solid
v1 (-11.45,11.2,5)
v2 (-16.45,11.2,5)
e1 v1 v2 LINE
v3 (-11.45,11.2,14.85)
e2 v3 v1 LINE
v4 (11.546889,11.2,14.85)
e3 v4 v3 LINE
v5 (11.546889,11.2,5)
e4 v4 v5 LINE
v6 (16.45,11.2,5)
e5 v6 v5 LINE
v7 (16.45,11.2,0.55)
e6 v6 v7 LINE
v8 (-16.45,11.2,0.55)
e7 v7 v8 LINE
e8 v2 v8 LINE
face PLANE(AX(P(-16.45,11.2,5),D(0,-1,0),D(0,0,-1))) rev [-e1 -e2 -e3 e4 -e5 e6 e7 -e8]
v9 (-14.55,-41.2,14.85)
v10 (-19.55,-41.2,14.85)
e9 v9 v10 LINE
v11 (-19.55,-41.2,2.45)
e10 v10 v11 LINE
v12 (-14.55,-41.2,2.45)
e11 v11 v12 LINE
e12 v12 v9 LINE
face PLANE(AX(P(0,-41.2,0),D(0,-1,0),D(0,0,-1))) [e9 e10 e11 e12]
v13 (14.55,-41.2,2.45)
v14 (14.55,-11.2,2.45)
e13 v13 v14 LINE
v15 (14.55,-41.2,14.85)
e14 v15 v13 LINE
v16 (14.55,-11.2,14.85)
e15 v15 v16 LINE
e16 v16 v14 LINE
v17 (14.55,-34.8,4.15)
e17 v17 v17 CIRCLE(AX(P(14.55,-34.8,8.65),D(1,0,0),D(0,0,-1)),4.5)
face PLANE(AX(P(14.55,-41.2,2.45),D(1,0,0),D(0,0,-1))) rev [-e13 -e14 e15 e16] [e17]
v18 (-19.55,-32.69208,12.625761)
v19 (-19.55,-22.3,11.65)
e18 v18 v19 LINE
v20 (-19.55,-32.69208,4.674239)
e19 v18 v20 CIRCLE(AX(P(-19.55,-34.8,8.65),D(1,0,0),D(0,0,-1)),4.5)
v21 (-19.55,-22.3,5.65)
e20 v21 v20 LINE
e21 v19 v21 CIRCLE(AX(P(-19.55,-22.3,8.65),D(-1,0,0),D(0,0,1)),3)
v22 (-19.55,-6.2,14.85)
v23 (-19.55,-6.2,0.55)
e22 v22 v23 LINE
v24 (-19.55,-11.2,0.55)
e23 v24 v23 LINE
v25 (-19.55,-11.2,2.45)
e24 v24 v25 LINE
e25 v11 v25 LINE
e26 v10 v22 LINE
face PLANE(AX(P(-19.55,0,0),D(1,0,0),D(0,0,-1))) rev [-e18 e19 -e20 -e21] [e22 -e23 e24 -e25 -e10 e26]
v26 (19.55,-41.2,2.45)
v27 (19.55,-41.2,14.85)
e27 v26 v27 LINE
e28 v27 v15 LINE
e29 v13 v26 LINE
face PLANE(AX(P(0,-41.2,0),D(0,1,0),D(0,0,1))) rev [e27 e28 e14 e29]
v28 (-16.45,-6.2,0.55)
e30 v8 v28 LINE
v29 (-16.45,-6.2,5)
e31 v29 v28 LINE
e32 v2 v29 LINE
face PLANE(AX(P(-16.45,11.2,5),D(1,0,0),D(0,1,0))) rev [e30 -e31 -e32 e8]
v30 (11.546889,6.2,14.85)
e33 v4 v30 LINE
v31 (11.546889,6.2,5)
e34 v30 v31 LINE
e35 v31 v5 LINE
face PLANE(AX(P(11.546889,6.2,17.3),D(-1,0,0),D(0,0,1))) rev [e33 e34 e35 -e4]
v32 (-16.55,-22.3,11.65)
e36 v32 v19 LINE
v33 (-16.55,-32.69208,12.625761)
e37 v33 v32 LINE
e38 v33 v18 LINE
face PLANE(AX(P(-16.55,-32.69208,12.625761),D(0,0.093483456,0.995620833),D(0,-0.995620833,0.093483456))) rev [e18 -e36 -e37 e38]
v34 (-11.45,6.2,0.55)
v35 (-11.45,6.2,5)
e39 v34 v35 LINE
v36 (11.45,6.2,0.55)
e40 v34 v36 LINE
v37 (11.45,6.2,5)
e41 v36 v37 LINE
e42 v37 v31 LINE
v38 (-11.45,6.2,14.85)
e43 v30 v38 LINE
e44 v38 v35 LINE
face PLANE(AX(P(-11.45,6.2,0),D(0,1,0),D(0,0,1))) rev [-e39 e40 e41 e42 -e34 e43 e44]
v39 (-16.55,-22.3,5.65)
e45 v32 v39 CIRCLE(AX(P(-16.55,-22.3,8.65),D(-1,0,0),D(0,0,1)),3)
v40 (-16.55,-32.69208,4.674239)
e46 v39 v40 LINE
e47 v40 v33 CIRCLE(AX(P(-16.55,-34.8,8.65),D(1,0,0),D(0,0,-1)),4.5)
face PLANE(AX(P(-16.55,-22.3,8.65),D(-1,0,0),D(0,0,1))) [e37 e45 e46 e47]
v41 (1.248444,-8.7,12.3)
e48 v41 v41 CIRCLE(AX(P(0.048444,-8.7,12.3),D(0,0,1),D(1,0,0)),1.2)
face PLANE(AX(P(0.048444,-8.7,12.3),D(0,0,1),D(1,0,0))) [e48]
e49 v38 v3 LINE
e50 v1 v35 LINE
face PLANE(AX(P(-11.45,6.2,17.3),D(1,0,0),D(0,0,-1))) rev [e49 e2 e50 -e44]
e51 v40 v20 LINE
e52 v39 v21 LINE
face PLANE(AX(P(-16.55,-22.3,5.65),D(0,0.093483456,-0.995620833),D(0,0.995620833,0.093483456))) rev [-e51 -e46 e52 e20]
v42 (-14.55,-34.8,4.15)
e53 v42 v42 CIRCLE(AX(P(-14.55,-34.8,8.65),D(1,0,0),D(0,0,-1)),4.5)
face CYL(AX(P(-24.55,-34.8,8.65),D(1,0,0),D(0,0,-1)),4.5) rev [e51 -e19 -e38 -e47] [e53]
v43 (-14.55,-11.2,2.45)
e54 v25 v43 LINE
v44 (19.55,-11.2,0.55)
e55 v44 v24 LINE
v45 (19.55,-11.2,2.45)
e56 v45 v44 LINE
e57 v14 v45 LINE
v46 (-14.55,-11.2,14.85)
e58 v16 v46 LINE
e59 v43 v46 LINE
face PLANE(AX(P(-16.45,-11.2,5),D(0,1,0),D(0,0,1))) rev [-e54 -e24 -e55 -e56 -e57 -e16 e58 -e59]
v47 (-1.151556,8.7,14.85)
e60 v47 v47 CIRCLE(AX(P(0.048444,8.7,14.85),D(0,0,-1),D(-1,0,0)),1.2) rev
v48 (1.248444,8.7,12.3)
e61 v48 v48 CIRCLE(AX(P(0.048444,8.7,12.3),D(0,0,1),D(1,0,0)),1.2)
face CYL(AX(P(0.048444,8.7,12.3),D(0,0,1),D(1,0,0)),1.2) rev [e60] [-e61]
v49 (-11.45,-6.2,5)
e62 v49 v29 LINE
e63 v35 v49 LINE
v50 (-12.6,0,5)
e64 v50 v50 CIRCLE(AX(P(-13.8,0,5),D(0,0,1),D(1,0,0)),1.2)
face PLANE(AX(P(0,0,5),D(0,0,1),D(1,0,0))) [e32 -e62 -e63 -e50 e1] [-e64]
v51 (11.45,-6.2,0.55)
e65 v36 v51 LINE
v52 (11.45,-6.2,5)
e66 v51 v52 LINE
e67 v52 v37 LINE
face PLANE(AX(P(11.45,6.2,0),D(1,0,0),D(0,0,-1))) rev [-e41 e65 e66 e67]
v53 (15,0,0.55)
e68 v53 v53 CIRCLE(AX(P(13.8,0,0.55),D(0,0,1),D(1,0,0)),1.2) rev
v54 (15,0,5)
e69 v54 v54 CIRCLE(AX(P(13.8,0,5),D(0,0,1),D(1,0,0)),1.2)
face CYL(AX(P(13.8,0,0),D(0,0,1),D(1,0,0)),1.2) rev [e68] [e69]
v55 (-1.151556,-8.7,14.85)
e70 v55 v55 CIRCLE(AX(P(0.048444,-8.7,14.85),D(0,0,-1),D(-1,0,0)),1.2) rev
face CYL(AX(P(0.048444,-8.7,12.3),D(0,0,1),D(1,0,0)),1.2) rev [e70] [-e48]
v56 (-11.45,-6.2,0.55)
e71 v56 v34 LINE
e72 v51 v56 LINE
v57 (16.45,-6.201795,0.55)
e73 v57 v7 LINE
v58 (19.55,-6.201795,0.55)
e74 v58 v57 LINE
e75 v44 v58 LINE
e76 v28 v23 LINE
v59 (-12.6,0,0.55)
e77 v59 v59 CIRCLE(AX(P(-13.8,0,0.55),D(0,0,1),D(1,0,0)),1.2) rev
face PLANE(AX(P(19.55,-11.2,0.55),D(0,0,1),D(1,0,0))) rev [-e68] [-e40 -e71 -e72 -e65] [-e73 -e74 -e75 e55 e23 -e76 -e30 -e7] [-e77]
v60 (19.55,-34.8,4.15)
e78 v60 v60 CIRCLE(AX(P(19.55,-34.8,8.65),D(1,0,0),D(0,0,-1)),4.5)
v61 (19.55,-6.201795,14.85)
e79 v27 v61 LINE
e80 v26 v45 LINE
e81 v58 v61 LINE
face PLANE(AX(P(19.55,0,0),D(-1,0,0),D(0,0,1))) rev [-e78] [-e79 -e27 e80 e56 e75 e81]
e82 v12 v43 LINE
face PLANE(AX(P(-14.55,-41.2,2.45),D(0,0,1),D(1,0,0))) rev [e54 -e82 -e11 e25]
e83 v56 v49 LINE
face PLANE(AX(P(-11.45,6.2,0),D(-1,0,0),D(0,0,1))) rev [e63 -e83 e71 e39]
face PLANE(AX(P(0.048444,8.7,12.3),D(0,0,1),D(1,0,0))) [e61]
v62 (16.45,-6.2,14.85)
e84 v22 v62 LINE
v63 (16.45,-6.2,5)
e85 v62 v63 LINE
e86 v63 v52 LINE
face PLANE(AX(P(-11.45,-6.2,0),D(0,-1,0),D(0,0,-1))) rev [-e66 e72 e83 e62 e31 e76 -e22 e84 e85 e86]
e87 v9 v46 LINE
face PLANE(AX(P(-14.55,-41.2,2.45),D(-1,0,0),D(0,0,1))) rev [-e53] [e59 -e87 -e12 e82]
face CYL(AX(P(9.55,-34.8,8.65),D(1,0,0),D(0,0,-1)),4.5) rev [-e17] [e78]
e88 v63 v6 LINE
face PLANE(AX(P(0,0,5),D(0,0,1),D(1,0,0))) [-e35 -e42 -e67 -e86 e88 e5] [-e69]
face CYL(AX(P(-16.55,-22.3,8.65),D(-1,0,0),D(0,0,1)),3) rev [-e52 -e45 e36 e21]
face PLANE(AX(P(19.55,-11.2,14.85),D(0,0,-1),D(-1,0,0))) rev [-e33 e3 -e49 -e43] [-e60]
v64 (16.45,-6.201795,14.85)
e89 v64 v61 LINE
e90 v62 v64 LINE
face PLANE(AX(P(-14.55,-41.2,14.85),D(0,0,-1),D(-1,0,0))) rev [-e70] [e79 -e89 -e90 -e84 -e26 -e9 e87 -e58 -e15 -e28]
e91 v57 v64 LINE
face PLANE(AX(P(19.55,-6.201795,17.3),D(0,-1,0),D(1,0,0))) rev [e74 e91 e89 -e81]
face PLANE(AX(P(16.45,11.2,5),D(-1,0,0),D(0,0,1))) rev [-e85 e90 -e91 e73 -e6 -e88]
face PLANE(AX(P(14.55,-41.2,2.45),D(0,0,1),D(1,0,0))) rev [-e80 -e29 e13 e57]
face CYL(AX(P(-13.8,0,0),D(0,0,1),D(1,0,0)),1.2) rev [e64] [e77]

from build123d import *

# Parameters (mm, degrees)
SKETCH1_W           = 32.9
SKETCH1_H           = 22.4
BOSS_EXTRUDE1_DEPTH = 5
SKETCH2_R           = 1.2
SKETCH2_W           = 22.9
SKETCH2_H           = 12.4
CUT_EXTRUDE2_DEPTH  = 5
SKETCH3_W           = 22.996888994
SKETCH3_H           = 5
BOSS_EXTRUDE2_DEPTH = 12.3
SKETCH4_R           = 1.2
CUT_EXTRUDE3_DEPTH  = 5
SKETCH6_W           = 5
SKETCH6_H           = 5
SKETCH6_W_2         = 4.903111006
BOSS_EXTRUDE3_DEPTH = 12.3
SKETCH8_W           = 17.3
SKETCH8_H           = 4.998204887
BOSS_EXTRUDE4_DEPTH = 3.1
SKETCH9_W           = 17.3
SKETCH9_H           = 5
BOSS_EXTRUDE5_DEPTH = 3.1
SKETCH18_W          = 5
SKETCH18_H          = 12.4
BOSS_EXTRUDE7_DEPTH = 30
SKETCH19_R          = 4.5
CUT_EXTRUDE6_DEPTH  = 30
SKETCH20_R          = 4.5
CUT_EXTRUDE7_DEPTH  = 30
SKETCH10_W          = 5
SKETCH10_H          = 12.4
BOSS_EXTRUDE6_DEPTH = 30
SKETCH21_R          = 4.5
CUT_EXTRUDE8_DEPTH  = 10
SKETCH22_R          = 4.5
CUT_EXTRUDE9_DEPTH  = 10
CUT_EXTRUDE10_DEPTH = 3
SKETCH25_W          = 2.45
SKETCH25_H          = 22.4
SKETCH25_W_2        = 0.55
CUT_EXTRUDE11_DEPTH = 40.1


with BuildPart() as part:
    # Sketch1 → Boss-Extrude1 (new body)
    with BuildSketch(Plane.XY):
        Rectangle(SKETCH1_W, SKETCH1_H)
    extrude(amount=BOSS_EXTRUDE1_DEPTH)

    # Sketch2 → Cut-Extrude2 (cut)
    with BuildSketch(Plane.XY.offset(5)):
        with Locations((13.8, 0)):
            Circle(SKETCH2_R)
        with Locations((-13.8, 0)):
            Circle(SKETCH2_R)
        Rectangle(SKETCH2_W, SKETCH2_H)
    extrude(amount=-CUT_EXTRUDE2_DEPTH, mode=Mode.SUBTRACT)

    # Sketch3 → Boss-Extrude2 (add)
    with BuildSketch(Plane.XY.offset(5)):
        with Locations((0.048444497, 8.7)):
            Rectangle(SKETCH3_W, SKETCH3_H)
        with Locations((0.048444497, -8.7)):
            Rectangle(SKETCH3_W, SKETCH3_H)
    extrude(amount=BOSS_EXTRUDE2_DEPTH)

    # Sketch4 → Cut-Extrude3 (cut)
    with BuildSketch(Plane.XY.offset(17.3)):
        with Locations((0.048444497, 8.7)):
            Circle(SKETCH4_R)
        with Locations((0.048444497, -8.7)):
            Circle(SKETCH4_R)
    extrude(amount=-CUT_EXTRUDE3_DEPTH, mode=Mode.SUBTRACT)

    # Sketch6 → Boss-Extrude3 (add)
    with BuildSketch(Plane.XY.offset(5)):
        with Locations((-13.95, -8.7)):
            Rectangle(SKETCH6_W, SKETCH6_H)
        with Locations((13.998444497, -8.7)):
            Rectangle(SKETCH6_W_2, SKETCH6_H)
    extrude(amount=BOSS_EXTRUDE3_DEPTH)

    # Sketch8 → Boss-Extrude4 (add)
    with BuildSketch(Plane(origin=(16.45, 0, 0), x_dir=(0, 0, -1), z_dir=(1, 0, 0))):
        with Locations((-8.65, -8.700897557)):
            Rectangle(SKETCH8_W, SKETCH8_H)
    extrude(amount=BOSS_EXTRUDE4_DEPTH)

    # Sketch9 → Boss-Extrude5 (add)
    with BuildSketch(Plane.ZY.offset(16.45)):
        with Locations((8.65, -8.7)):
            Rectangle(SKETCH9_W, SKETCH9_H)
    extrude(amount=BOSS_EXTRUDE5_DEPTH)

    # Sketch18 → Boss-Extrude7 (add)
    with BuildSketch(Plane.XZ.offset(11.2)):
        with Locations((-17.05, 8.65)):
            Rectangle(SKETCH18_W, SKETCH18_H)
        with Locations((17.05, 8.65)):
            Rectangle(SKETCH18_W, SKETCH18_H)
    extrude(amount=BOSS_EXTRUDE7_DEPTH)

    # Sketch19 → Cut-Extrude6 (cut)
    with BuildSketch(Plane.ZY.offset(19.55)):
        with Locations((8.65, -34.8)):
            Circle(SKETCH19_R)
    extrude(amount=-CUT_EXTRUDE6_DEPTH, mode=Mode.SUBTRACT)

    # Sketch20 → Cut-Extrude7 (cut)
    with BuildSketch(Plane(origin=(19.55, 0, 0), x_dir=(0, 0, -1), z_dir=(1, 0, 0))):
        with Locations((-8.65, -34.8)):
            Circle(SKETCH20_R)
    extrude(amount=-CUT_EXTRUDE7_DEPTH, mode=Mode.SUBTRACT)

    # Sketch10 → Boss-Extrude6 (add)
    with BuildSketch(Plane.XZ.offset(11.2)):
        with Locations((17.05, 8.65)):
            Rectangle(SKETCH10_W, SKETCH10_H)
        with Locations((-17.05, 8.65)):
            Rectangle(SKETCH10_W, SKETCH10_H)
    extrude(amount=BOSS_EXTRUDE6_DEPTH)

    # Sketch21 → Cut-Extrude8 (cut)
    with BuildSketch(Plane(origin=(19.55, 0, 0), x_dir=(0, 0, -1), z_dir=(1, 0, 0))):
        with Locations((-8.65, -34.8)):
            Circle(SKETCH21_R)
    extrude(amount=-CUT_EXTRUDE8_DEPTH, mode=Mode.SUBTRACT)

    # Sketch22 → Cut-Extrude9 (cut)
    with BuildSketch(Plane(origin=(-14.55, 0, 0), x_dir=(0, 0, -1), z_dir=(1, 0, 0))):
        with Locations((-8.65, -34.8)):
            Circle(SKETCH22_R)
    extrude(amount=-CUT_EXTRUDE9_DEPTH, mode=Mode.SUBTRACT)

    # Sketch23 → Cut-Extrude10 (cut)
    with BuildSketch(Plane.ZY.offset(19.55)):
        with BuildLine():
            Line((5.65, -22.3), (4.674239456, -32.692079676))
            ThreePointArc((4.674239456, -32.692079676), (8.65, -30.3), (12.625760544, -32.692079676))
            Line((12.625760544, -32.692079676), (11.65, -22.3))
            ThreePointArc((11.65, -22.3), (8.65, -19.3), (5.65, -22.3))
        make_face()
    extrude(amount=-CUT_EXTRUDE10_DEPTH, mode=Mode.SUBTRACT)

    # Sketch25 → Cut-Extrude11 (cut, through all)
    with BuildSketch(Plane.ZY.offset(19.55)):
        with Locations((16.075, 0)):
            Rectangle(SKETCH25_W, SKETCH25_H)
        with Locations((0.275, 0)):
            Rectangle(SKETCH25_W_2, SKETCH25_H)
    extrude(amount=-CUT_EXTRUDE11_DEPTH, mode=Mode.SUBTRACT)


solid = part.part
